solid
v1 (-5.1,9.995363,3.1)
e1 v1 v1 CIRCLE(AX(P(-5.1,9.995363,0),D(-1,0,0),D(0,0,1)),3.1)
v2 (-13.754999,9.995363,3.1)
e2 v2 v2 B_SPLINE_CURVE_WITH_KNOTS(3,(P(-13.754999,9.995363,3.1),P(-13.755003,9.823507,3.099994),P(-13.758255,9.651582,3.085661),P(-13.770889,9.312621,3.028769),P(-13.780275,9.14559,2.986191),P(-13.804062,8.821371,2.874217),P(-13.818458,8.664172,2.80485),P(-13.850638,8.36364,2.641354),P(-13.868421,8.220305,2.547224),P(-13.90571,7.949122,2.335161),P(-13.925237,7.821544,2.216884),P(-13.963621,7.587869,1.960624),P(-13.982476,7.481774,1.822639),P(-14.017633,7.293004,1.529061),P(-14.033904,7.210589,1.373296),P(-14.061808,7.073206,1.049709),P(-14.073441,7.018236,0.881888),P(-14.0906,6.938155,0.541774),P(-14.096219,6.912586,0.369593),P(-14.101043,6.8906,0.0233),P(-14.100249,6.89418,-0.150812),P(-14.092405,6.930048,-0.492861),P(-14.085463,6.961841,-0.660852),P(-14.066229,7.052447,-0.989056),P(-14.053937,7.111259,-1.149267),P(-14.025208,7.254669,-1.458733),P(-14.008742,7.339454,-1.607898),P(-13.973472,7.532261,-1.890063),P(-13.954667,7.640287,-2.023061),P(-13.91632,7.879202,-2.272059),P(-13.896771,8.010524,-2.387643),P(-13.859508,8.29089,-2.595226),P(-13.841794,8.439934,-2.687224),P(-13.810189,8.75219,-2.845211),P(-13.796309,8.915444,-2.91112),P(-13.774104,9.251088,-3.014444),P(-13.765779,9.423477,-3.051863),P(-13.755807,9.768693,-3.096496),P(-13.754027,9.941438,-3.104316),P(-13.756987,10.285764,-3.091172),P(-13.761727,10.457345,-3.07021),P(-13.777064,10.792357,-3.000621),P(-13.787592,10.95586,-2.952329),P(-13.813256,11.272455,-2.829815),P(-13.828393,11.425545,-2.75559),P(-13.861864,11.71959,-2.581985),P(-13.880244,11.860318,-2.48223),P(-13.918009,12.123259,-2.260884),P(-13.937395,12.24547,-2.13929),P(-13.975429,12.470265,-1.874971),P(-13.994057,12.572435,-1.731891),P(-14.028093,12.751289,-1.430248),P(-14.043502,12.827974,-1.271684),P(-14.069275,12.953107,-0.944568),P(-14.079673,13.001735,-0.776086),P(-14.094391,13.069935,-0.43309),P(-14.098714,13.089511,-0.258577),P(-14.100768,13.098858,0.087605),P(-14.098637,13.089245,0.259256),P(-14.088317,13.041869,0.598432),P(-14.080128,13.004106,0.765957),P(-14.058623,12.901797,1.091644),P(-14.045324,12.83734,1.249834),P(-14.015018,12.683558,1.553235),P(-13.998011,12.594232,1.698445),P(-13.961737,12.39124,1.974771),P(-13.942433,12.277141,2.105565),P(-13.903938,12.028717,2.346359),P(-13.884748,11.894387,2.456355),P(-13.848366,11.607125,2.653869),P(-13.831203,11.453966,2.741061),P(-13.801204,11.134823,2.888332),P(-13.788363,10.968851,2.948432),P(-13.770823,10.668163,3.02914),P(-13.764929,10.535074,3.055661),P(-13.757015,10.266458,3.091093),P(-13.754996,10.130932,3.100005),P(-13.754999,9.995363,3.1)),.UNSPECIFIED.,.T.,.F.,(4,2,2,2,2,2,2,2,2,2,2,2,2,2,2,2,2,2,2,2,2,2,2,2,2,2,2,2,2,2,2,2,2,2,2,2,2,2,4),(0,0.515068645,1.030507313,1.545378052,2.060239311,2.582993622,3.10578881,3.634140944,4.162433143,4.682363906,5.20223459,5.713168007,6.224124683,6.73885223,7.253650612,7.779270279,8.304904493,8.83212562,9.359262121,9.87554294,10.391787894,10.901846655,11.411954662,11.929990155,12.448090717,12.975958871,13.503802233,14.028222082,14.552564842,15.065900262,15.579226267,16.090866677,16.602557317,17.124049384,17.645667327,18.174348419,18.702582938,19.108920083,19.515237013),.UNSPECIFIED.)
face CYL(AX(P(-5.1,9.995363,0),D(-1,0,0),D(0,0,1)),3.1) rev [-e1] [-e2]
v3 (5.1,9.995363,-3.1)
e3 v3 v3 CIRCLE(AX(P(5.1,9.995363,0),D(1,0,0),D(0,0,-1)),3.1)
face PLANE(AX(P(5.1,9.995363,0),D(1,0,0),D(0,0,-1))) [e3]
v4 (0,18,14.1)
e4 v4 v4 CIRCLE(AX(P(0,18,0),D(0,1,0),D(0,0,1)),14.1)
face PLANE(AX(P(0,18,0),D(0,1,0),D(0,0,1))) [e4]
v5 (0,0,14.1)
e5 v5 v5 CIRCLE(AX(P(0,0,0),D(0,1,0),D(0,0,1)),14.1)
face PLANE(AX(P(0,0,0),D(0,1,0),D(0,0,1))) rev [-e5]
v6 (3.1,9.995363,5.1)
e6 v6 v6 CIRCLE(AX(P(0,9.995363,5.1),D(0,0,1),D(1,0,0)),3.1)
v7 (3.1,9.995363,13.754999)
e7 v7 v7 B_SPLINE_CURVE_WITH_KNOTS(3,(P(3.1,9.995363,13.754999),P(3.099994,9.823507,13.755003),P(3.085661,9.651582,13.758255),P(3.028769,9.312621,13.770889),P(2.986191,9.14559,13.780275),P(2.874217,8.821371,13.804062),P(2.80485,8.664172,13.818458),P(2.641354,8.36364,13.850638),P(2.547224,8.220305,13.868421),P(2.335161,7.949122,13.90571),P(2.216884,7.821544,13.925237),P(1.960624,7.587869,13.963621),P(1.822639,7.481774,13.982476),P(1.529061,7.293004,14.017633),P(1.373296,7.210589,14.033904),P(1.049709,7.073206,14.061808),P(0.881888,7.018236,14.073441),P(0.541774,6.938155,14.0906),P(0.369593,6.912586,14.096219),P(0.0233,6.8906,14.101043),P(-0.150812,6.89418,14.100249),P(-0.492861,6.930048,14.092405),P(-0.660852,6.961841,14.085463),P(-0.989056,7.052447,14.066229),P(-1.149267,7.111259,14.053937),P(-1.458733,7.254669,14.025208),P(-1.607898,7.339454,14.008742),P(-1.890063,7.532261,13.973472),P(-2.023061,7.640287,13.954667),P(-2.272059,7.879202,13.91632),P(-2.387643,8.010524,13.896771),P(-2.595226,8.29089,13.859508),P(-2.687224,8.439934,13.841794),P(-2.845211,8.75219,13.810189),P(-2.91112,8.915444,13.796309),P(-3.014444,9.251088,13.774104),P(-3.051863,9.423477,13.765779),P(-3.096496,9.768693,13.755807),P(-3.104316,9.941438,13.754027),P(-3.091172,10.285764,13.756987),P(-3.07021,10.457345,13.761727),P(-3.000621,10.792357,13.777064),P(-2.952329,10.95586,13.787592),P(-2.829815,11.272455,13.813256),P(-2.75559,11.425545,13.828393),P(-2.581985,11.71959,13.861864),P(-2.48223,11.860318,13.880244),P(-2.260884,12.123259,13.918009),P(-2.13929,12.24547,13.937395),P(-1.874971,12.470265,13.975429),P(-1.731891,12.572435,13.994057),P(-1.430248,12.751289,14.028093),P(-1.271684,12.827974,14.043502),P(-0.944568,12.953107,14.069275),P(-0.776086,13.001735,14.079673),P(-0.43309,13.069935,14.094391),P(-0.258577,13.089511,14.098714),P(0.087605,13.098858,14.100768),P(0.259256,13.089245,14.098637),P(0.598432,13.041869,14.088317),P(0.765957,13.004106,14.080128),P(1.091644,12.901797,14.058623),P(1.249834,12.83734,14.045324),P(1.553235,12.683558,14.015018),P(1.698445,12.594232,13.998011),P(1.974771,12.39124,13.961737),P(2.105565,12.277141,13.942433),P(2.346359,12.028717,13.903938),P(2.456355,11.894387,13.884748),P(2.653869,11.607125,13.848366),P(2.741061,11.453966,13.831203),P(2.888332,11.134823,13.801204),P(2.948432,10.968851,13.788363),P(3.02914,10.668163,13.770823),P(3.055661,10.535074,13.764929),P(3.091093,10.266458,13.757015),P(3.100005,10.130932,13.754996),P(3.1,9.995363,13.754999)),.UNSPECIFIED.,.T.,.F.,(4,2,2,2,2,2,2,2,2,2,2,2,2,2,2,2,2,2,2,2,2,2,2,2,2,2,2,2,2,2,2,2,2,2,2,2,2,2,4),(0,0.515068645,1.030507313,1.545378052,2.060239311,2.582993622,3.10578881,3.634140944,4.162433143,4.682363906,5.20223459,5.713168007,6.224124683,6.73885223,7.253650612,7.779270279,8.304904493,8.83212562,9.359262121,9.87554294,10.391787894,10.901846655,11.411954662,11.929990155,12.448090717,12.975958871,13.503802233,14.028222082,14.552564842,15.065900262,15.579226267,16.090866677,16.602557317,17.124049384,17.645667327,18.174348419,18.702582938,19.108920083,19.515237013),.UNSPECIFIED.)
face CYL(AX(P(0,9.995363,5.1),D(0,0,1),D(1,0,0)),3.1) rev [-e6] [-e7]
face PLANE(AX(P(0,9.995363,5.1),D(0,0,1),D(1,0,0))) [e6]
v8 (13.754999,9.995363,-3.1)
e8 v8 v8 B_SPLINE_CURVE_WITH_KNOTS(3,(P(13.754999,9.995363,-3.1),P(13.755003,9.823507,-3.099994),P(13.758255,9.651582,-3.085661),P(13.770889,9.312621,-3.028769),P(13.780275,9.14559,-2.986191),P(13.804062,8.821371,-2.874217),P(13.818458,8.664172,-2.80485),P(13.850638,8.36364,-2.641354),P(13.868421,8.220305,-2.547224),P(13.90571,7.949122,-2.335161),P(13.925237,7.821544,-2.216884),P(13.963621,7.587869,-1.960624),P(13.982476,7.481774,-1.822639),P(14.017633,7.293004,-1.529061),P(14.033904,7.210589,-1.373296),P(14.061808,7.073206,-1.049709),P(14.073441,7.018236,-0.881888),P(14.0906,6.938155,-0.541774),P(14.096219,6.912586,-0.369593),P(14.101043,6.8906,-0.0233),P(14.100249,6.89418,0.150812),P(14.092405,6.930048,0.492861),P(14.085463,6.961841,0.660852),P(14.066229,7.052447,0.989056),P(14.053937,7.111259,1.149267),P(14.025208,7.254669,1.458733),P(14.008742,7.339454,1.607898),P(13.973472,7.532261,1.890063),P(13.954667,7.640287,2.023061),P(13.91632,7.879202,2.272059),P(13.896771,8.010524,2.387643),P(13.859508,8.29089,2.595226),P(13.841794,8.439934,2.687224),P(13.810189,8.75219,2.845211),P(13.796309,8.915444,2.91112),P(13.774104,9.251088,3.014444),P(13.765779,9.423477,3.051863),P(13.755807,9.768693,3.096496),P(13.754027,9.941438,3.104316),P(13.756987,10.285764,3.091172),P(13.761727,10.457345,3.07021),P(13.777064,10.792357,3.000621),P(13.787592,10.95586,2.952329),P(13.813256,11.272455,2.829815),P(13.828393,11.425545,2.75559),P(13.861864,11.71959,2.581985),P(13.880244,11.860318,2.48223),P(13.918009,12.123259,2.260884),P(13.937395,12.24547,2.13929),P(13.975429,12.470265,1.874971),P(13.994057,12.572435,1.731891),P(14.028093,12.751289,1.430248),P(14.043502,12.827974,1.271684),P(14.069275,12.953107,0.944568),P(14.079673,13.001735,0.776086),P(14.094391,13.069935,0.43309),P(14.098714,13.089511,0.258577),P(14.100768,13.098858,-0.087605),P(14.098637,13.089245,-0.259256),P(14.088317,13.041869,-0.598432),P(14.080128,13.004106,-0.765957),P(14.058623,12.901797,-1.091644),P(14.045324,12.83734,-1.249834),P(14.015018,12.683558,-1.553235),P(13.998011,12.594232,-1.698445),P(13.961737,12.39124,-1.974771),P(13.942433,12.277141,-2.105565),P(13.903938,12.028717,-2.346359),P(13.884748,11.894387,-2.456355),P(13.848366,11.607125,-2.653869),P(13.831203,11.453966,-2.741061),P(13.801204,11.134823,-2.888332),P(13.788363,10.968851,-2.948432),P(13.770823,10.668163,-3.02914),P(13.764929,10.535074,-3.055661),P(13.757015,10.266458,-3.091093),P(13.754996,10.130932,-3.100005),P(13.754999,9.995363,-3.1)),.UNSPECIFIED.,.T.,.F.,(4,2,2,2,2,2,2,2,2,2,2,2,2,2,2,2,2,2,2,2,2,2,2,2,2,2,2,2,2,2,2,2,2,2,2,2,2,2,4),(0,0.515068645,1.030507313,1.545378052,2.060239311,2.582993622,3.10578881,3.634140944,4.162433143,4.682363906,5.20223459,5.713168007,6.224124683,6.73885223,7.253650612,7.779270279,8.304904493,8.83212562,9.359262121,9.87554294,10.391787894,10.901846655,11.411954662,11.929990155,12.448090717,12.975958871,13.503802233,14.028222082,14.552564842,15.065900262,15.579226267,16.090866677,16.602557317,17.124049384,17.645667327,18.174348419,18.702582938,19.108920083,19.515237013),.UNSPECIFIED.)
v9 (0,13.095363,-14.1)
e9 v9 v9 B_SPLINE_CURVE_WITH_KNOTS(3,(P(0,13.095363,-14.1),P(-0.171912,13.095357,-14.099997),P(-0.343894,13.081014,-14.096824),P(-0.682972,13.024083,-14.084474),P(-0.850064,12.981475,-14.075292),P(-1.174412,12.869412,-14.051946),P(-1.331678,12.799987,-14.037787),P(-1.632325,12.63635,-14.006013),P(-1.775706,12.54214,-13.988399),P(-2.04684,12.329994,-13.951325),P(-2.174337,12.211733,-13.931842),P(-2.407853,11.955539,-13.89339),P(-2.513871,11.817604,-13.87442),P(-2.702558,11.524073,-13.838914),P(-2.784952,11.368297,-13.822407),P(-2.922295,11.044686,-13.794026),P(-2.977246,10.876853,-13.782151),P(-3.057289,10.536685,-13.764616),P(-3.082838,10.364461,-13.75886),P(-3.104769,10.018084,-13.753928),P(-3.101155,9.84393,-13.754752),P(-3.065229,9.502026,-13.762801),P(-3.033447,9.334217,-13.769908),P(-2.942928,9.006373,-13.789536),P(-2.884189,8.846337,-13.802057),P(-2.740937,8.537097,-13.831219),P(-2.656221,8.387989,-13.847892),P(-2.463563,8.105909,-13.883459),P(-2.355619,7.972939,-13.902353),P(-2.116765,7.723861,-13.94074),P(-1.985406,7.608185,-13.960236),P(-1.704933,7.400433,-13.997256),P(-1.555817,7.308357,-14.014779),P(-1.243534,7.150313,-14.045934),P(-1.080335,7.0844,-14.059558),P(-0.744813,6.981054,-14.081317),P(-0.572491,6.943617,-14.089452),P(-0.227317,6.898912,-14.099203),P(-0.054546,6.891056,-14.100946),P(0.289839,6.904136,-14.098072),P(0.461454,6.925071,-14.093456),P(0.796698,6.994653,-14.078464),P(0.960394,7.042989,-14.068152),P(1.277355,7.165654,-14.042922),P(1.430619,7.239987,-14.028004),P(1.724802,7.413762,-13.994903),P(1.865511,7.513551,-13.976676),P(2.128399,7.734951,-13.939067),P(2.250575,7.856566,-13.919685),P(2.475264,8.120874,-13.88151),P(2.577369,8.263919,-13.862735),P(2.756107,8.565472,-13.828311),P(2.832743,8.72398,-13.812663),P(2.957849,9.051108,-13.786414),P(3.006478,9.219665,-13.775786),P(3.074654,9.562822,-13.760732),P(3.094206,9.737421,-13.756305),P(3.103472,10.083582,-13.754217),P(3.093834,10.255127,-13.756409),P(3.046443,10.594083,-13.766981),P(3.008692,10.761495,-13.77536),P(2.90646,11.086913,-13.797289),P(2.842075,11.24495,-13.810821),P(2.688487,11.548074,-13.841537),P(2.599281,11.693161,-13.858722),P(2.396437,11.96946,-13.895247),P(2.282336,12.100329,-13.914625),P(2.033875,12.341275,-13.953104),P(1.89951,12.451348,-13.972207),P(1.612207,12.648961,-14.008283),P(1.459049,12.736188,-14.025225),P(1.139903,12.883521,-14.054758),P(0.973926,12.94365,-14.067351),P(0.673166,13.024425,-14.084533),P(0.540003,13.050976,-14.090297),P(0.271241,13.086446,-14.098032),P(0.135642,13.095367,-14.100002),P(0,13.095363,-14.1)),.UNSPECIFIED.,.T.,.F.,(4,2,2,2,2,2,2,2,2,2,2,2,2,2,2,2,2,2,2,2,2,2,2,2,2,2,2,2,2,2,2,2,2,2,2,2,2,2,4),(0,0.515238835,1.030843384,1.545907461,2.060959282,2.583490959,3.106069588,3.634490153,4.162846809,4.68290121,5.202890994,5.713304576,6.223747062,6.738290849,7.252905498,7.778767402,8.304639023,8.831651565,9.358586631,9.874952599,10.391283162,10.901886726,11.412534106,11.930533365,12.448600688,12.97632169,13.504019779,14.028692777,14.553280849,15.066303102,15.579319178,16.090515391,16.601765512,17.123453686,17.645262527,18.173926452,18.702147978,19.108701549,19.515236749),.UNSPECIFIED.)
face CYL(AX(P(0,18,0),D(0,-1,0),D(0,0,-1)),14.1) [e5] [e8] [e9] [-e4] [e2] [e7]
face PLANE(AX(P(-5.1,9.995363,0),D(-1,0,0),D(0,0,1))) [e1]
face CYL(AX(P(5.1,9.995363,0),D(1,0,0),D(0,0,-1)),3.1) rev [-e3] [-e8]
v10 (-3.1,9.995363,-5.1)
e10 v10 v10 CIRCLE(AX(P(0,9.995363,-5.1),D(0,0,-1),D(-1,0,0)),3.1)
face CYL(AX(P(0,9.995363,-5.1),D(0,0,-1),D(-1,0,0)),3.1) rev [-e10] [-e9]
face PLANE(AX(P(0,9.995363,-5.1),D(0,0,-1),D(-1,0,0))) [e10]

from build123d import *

# Parameters (mm, degrees)
SKETCH1_R           = 14.1
BOSS_EXTRUDE1_DEPTH = 18
SKETCH2_R           = 3.1
CUT_EXTRUDE1_DEPTH  = 9
CIRPATTERN1_COUNT   = 4


with BuildPart() as part:
    # Sketch1 → Boss-Extrude1 (new body)
    with BuildSketch(Plane(origin=(0, 0, 0), x_dir=(1, 0, 0), z_dir=(0, 1, 0))):
        Circle(SKETCH1_R)
    extrude(amount=BOSS_EXTRUDE1_DEPTH)

    # Sketch2 → Cut-Extrude1 (cut)
    with BuildSketch(Plane(origin=(14.1, 0, 0), x_dir=(0, 0, -1), z_dir=(1, 0, 0))):
        with Locations((0, 9.995362646)):
            Circle(SKETCH2_R)
    cut_extrude1 = extrude(amount=-CUT_EXTRUDE1_DEPTH, mode=Mode.SUBTRACT)

    # CirPattern1: Cut-Extrude1 ×4 about axis
    cirpattern1_axis = Axis((0, 18, 0), (0, -1, 0))
    for i in range(1, CIRPATTERN1_COUNT):
        add(cut_extrude1.rotate(cirpattern1_axis, i * 360 / CIRPATTERN1_COUNT), mode=Mode.SUBTRACT)


solid = part.part
